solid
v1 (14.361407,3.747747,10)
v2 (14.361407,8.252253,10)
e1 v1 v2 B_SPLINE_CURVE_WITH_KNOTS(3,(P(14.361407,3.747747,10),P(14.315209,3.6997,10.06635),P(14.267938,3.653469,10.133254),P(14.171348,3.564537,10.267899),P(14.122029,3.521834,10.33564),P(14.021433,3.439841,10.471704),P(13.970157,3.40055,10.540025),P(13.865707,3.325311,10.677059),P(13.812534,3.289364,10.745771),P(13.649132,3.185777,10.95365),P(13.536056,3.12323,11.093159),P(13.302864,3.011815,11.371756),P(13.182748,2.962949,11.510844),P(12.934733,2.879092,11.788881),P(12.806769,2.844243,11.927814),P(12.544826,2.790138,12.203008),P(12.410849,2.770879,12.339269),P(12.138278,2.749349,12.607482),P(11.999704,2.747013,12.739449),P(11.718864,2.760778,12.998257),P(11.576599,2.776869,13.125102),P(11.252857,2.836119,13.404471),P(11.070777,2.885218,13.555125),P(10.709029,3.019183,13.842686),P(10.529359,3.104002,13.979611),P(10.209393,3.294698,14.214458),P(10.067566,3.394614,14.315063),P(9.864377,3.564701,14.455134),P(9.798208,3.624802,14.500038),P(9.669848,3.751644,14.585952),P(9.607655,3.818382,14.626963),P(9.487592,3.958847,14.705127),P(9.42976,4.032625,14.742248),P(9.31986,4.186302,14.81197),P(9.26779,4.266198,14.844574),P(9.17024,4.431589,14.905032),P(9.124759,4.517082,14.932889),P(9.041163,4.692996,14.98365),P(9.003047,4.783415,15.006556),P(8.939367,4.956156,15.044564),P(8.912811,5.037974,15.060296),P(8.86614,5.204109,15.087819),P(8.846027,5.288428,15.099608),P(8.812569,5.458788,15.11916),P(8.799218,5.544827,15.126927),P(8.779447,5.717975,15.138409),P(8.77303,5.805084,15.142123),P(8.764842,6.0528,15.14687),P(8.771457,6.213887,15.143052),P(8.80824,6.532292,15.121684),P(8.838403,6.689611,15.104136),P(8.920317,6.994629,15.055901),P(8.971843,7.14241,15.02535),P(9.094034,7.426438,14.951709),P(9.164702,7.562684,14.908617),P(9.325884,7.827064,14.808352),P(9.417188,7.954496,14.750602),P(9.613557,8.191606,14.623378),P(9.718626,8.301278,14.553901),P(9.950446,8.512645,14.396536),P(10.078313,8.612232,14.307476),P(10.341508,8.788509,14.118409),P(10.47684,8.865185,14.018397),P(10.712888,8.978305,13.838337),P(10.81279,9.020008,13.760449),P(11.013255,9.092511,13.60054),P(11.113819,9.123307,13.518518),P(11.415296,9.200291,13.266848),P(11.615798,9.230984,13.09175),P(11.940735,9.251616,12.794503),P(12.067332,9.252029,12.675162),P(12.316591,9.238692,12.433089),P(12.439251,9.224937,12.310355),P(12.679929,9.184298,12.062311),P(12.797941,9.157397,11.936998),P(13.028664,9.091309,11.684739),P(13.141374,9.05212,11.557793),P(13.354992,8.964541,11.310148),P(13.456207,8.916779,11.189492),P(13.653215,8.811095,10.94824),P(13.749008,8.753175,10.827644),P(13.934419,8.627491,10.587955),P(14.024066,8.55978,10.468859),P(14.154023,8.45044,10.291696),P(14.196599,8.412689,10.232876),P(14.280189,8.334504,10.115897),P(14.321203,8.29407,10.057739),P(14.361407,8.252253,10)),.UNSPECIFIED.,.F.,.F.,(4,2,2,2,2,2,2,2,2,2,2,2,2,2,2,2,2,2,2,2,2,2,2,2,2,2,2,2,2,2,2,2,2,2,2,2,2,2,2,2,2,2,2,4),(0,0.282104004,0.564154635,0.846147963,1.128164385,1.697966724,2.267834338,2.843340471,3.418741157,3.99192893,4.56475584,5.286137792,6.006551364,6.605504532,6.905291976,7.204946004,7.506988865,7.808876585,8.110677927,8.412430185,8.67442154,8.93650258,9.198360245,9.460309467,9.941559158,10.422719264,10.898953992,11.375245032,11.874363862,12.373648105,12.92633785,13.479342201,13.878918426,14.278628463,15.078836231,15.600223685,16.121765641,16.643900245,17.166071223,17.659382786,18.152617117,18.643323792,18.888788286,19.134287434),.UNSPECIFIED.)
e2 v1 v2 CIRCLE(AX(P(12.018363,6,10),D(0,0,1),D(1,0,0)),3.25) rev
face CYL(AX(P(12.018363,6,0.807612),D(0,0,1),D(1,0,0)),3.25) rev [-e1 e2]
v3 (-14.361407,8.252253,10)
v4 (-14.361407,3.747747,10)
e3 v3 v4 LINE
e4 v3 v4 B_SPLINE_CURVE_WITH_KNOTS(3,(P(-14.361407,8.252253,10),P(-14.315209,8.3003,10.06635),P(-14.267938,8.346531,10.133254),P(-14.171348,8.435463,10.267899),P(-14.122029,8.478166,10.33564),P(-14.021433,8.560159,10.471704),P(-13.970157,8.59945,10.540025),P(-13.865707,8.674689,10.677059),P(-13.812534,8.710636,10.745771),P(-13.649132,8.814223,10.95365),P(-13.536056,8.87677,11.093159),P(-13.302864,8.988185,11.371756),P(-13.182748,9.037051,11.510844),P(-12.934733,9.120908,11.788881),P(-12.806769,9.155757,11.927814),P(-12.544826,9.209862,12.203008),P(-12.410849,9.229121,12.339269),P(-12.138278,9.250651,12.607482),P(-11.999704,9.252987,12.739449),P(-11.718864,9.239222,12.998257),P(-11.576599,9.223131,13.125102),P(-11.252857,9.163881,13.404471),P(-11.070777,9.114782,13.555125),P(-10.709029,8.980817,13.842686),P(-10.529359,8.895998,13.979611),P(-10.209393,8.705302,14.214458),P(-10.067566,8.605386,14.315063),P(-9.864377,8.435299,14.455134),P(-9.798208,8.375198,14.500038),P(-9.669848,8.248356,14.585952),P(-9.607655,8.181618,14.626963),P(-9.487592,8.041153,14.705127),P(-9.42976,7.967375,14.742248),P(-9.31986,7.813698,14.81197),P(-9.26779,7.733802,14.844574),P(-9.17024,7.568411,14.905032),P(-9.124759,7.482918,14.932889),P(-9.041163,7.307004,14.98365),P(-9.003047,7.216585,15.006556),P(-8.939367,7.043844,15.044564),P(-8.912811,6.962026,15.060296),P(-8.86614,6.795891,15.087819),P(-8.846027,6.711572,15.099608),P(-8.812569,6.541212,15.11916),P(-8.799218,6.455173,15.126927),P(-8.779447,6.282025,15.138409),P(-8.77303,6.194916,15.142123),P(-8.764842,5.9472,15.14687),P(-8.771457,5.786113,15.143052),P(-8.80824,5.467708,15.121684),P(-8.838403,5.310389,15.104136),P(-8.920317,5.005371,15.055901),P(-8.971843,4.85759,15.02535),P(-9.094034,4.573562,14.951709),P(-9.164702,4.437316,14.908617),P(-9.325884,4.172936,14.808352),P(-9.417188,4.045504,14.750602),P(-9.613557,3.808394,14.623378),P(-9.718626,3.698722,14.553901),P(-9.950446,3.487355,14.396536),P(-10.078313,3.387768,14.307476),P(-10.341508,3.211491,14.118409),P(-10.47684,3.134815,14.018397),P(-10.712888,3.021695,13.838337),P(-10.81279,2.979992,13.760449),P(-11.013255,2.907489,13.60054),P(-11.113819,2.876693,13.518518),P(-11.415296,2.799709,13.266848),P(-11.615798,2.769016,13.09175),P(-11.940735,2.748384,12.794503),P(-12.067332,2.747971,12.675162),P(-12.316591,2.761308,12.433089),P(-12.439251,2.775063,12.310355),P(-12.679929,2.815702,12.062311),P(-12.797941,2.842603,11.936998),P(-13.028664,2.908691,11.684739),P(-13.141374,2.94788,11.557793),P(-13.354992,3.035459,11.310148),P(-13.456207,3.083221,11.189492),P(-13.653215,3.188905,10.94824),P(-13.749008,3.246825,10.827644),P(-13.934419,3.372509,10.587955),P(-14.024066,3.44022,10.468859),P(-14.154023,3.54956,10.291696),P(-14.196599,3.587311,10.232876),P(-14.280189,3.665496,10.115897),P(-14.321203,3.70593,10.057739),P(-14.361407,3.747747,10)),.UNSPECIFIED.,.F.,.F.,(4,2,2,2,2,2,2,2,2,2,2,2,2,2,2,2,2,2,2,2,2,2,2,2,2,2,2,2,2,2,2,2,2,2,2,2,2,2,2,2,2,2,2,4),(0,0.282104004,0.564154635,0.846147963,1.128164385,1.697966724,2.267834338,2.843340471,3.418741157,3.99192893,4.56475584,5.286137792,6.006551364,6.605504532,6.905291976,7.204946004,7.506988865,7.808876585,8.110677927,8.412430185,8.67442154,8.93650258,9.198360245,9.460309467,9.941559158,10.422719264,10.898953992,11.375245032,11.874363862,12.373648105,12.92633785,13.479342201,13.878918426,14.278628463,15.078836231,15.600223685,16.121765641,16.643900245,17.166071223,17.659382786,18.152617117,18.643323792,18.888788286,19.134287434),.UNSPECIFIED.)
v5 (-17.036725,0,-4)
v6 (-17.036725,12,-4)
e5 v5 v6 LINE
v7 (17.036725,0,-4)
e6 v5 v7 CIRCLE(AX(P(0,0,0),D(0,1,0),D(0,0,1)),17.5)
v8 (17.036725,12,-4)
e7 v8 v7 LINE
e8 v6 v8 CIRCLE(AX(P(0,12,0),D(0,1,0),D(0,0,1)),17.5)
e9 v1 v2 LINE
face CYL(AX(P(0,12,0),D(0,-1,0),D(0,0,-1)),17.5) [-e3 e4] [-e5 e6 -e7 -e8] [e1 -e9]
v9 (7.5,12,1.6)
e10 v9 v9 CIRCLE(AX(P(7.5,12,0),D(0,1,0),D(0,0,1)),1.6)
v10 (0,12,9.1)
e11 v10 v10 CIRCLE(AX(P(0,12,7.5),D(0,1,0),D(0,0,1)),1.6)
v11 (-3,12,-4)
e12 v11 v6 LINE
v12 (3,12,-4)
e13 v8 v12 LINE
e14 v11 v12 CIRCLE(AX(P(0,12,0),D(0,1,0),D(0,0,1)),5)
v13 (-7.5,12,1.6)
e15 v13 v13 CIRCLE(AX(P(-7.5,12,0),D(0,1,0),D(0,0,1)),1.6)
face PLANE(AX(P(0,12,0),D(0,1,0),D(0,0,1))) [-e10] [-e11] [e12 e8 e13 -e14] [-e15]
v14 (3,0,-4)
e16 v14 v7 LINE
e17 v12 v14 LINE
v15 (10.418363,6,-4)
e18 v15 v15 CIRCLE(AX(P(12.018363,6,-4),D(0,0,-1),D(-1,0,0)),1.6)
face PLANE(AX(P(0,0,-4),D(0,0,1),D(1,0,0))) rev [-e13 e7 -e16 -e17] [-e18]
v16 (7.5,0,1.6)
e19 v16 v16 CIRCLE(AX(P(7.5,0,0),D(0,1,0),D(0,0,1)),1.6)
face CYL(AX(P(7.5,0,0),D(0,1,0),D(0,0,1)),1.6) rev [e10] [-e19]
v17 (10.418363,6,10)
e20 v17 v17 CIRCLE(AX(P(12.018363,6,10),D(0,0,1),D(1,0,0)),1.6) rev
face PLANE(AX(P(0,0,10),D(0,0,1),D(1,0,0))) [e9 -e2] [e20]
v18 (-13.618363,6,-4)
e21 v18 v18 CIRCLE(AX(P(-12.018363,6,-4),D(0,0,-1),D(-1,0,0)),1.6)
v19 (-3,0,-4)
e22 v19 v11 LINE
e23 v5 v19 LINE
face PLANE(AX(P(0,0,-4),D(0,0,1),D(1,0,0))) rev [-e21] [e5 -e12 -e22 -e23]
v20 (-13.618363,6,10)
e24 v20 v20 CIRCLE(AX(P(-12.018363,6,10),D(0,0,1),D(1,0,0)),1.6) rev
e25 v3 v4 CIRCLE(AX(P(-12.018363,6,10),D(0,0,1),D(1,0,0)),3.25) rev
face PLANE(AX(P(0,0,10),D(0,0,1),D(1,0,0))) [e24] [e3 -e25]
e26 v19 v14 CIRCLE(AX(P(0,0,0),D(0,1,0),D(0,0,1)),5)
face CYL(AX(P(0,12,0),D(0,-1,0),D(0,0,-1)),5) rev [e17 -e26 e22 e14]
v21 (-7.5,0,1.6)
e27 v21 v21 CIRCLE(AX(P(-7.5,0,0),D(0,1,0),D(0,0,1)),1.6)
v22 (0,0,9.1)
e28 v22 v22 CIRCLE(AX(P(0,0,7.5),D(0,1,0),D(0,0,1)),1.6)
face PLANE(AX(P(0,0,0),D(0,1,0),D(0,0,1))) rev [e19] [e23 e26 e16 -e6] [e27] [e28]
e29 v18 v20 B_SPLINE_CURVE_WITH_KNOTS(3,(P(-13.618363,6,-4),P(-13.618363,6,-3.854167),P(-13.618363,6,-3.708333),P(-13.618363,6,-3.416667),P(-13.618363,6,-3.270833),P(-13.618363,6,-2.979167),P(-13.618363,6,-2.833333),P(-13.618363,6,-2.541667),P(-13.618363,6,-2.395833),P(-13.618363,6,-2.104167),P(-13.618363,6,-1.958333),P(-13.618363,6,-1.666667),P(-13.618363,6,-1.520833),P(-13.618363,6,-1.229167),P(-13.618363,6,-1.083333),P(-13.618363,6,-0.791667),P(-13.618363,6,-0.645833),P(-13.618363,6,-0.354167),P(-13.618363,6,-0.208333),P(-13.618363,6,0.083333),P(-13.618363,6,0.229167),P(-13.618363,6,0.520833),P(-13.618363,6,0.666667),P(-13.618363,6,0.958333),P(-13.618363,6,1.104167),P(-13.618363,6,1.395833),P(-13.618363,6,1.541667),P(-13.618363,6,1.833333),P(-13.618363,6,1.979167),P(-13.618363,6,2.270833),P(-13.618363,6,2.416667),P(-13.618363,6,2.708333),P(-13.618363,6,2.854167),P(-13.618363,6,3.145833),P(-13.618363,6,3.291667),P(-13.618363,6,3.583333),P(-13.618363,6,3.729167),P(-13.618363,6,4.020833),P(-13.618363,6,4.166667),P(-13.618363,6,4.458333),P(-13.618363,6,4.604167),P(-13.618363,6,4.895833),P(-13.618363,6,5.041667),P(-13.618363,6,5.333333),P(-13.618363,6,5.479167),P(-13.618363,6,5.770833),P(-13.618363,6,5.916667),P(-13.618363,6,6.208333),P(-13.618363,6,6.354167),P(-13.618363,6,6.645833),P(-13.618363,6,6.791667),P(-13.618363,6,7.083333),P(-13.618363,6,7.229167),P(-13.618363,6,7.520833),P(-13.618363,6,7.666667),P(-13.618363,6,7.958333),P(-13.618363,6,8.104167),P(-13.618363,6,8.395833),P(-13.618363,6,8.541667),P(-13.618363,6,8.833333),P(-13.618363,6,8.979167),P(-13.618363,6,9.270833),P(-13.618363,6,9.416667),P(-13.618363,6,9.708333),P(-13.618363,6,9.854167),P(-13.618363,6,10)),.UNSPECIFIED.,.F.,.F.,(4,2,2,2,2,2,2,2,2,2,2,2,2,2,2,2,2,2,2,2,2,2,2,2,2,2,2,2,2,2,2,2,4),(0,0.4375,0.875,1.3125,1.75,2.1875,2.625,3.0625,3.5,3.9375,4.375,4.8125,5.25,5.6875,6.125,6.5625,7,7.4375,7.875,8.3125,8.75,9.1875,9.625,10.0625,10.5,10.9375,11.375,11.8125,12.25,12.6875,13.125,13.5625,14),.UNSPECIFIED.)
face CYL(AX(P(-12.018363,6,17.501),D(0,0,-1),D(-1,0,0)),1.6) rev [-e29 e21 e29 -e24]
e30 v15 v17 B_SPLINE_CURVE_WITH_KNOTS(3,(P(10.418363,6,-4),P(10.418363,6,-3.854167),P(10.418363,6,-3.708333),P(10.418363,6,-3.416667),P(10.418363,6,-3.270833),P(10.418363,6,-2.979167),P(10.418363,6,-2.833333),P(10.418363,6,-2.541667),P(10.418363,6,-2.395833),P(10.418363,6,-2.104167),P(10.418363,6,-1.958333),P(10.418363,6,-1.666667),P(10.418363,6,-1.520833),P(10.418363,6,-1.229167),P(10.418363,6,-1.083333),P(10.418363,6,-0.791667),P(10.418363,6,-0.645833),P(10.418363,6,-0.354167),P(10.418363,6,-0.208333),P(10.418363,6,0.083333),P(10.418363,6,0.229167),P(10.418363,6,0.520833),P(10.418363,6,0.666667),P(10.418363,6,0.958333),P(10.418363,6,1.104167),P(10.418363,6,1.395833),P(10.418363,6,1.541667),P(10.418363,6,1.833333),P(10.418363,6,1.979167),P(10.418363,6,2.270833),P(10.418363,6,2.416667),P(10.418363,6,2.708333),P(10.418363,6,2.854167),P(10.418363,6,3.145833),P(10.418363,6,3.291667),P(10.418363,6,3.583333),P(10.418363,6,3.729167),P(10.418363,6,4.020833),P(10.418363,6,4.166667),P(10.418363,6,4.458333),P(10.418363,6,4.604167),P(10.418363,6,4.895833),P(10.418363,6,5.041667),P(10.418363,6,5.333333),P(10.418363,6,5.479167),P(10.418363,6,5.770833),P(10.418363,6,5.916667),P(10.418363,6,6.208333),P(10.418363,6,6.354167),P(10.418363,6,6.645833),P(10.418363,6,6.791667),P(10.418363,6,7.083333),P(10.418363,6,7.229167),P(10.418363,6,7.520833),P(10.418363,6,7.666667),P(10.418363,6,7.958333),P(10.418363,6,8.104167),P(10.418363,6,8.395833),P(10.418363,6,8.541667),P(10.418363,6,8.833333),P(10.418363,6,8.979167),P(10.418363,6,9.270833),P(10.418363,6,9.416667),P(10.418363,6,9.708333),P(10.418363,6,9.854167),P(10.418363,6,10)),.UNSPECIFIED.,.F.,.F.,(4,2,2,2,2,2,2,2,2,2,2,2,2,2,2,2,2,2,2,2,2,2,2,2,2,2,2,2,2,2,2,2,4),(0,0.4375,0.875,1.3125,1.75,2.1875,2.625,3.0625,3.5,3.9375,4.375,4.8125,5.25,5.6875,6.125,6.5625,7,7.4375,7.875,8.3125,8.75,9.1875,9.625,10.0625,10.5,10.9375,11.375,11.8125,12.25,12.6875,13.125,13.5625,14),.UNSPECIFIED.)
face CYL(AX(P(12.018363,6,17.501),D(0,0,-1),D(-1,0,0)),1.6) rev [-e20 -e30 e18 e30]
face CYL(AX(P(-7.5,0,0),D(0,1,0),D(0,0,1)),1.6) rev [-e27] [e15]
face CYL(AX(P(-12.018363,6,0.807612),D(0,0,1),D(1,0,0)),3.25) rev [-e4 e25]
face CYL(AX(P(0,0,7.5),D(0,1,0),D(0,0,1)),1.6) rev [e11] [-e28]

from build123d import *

# Parameters (mm, degrees)
SKETCH1_R               = 17.5
SKETCH1_R_2             = 5
BOSS_EXTRUDE1_DEPTH     = 12
CUT_EXTRUDE1_REACH      = 32.208
SKETCH2_W               = 40
SKETCH2_H               = 15
CUT_EXTRUDE2_REACH      = 32.208
CUT_EXTRUDE2_END_RADIUS = 17.5
SKETCH3_R               = 1.6
SKETCH5_R               = 3.25
CUT_EXTRUDE3_DEPTH      = 7.5
SKETCH8_R               = 1.6
CUT_EXTRUDE4_DEPTH      = 28.50454525


with BuildPart() as part:
    # Sketch1 → Boss-Extrude1 (new body)
    with BuildSketch(Plane(origin=(0, 0, 0), x_dir=(1, 0, 0), z_dir=(0, 1, 0))):
        with Locations(Location((0, 0, 0), (0, 0, 270))):
            Circle(SKETCH1_R)
        with Locations(Location((0, 0, 0), (0, 0, 270))):
            Circle(SKETCH1_R_2, mode=Mode.SUBTRACT)
    extrude(amount=BOSS_EXTRUDE1_DEPTH)

    # Sketch2 → Cut-Extrude1 (cut, up to next)
    with BuildSketch(Plane.XY.offset(-4), mode=Mode.PRIVATE) as cut_extrude1_sk1:
        with Locations((-0.027437806, 7.5)):
            Rectangle(SKETCH2_W, SKETCH2_H)
    cut_extrude1_tool1 = extrude(cut_extrude1_sk1.sketch, amount=-CUT_EXTRUDE1_REACH, mode=Mode.PRIVATE) & part.part
    add(cut_extrude1_tool1.solids().sort_by_distance((-0.027438, 7.5, -4))[0], mode=Mode.SUBTRACT)

    # Cut-Extrude2: up to this cylinder (the profile starts inside it)
    cut_extrude2_end = Plane(origin=(0, 6, 0), z_dir=(0, -1, 0)) * Cylinder(CUT_EXTRUDE2_END_RADIUS, 100.416, mode=Mode.PRIVATE)
    # Sketch3 → Cut-Extrude2 (cut, up to the surface)
    with BuildSketch(Plane(origin=(0, 0, -4), x_dir=(-1, 0, 0), z_dir=(0, 0, -1)), mode=Mode.PRIVATE) as cut_extrude2_sk1:
        with Locations((-12.018362519, 6)):
            Circle(SKETCH3_R)
    cut_extrude2_tool1 = extrude(cut_extrude2_sk1.sketch, amount=-CUT_EXTRUDE2_REACH, mode=Mode.PRIVATE) & cut_extrude2_end
    add(cut_extrude2_tool1.solids().sort_by_distance((12.018363, 6, -4))[0], mode=Mode.SUBTRACT)
    # Sketch3 → Cut-Extrude2 (cut, up to the surface)
    with BuildSketch(Plane(origin=(0, 0, -4), x_dir=(-1, 0, 0), z_dir=(0, 0, -1)), mode=Mode.PRIVATE) as cut_extrude2_sk2:
        with Locations((12.018362519, 6)):
            Circle(SKETCH3_R)
    cut_extrude2_tool2 = extrude(cut_extrude2_sk2.sketch, amount=-CUT_EXTRUDE2_REACH, mode=Mode.PRIVATE) & cut_extrude2_end
    add(cut_extrude2_tool2.solids().sort_by_distance((-12.018363, 6, -4))[0], mode=Mode.SUBTRACT)

    # Sketch5 → Cut-Extrude3 (cut)
    with BuildSketch(Plane.XY.offset(17.5)):
        with Locations((-12.018362519, 6)):
            Circle(SKETCH5_R)
        with Locations((12.018362519, 6)):
            Circle(SKETCH5_R)
    extrude(amount=-CUT_EXTRUDE3_DEPTH, mode=Mode.SUBTRACT)

    # Sketch8 → Cut-Extrude4 (cut, through all)
    with BuildSketch(Plane(origin=(0, 12, 0), x_dir=(1, 0, 0), z_dir=(0, 1, 0))):
        with Locations(Location((-7.5, 0, 0), (0, 0, 270))):
            Circle(SKETCH8_R)
        with Locations(Location((7.5, 0, 0), (0, 0, 270))):
            Circle(SKETCH8_R)
        with Locations(Location((0, -7.5, 0), (0, 0, 270))):
            Circle(SKETCH8_R)
    extrude(amount=-CUT_EXTRUDE4_DEPTH, mode=Mode.SUBTRACT)


solid = part.part
